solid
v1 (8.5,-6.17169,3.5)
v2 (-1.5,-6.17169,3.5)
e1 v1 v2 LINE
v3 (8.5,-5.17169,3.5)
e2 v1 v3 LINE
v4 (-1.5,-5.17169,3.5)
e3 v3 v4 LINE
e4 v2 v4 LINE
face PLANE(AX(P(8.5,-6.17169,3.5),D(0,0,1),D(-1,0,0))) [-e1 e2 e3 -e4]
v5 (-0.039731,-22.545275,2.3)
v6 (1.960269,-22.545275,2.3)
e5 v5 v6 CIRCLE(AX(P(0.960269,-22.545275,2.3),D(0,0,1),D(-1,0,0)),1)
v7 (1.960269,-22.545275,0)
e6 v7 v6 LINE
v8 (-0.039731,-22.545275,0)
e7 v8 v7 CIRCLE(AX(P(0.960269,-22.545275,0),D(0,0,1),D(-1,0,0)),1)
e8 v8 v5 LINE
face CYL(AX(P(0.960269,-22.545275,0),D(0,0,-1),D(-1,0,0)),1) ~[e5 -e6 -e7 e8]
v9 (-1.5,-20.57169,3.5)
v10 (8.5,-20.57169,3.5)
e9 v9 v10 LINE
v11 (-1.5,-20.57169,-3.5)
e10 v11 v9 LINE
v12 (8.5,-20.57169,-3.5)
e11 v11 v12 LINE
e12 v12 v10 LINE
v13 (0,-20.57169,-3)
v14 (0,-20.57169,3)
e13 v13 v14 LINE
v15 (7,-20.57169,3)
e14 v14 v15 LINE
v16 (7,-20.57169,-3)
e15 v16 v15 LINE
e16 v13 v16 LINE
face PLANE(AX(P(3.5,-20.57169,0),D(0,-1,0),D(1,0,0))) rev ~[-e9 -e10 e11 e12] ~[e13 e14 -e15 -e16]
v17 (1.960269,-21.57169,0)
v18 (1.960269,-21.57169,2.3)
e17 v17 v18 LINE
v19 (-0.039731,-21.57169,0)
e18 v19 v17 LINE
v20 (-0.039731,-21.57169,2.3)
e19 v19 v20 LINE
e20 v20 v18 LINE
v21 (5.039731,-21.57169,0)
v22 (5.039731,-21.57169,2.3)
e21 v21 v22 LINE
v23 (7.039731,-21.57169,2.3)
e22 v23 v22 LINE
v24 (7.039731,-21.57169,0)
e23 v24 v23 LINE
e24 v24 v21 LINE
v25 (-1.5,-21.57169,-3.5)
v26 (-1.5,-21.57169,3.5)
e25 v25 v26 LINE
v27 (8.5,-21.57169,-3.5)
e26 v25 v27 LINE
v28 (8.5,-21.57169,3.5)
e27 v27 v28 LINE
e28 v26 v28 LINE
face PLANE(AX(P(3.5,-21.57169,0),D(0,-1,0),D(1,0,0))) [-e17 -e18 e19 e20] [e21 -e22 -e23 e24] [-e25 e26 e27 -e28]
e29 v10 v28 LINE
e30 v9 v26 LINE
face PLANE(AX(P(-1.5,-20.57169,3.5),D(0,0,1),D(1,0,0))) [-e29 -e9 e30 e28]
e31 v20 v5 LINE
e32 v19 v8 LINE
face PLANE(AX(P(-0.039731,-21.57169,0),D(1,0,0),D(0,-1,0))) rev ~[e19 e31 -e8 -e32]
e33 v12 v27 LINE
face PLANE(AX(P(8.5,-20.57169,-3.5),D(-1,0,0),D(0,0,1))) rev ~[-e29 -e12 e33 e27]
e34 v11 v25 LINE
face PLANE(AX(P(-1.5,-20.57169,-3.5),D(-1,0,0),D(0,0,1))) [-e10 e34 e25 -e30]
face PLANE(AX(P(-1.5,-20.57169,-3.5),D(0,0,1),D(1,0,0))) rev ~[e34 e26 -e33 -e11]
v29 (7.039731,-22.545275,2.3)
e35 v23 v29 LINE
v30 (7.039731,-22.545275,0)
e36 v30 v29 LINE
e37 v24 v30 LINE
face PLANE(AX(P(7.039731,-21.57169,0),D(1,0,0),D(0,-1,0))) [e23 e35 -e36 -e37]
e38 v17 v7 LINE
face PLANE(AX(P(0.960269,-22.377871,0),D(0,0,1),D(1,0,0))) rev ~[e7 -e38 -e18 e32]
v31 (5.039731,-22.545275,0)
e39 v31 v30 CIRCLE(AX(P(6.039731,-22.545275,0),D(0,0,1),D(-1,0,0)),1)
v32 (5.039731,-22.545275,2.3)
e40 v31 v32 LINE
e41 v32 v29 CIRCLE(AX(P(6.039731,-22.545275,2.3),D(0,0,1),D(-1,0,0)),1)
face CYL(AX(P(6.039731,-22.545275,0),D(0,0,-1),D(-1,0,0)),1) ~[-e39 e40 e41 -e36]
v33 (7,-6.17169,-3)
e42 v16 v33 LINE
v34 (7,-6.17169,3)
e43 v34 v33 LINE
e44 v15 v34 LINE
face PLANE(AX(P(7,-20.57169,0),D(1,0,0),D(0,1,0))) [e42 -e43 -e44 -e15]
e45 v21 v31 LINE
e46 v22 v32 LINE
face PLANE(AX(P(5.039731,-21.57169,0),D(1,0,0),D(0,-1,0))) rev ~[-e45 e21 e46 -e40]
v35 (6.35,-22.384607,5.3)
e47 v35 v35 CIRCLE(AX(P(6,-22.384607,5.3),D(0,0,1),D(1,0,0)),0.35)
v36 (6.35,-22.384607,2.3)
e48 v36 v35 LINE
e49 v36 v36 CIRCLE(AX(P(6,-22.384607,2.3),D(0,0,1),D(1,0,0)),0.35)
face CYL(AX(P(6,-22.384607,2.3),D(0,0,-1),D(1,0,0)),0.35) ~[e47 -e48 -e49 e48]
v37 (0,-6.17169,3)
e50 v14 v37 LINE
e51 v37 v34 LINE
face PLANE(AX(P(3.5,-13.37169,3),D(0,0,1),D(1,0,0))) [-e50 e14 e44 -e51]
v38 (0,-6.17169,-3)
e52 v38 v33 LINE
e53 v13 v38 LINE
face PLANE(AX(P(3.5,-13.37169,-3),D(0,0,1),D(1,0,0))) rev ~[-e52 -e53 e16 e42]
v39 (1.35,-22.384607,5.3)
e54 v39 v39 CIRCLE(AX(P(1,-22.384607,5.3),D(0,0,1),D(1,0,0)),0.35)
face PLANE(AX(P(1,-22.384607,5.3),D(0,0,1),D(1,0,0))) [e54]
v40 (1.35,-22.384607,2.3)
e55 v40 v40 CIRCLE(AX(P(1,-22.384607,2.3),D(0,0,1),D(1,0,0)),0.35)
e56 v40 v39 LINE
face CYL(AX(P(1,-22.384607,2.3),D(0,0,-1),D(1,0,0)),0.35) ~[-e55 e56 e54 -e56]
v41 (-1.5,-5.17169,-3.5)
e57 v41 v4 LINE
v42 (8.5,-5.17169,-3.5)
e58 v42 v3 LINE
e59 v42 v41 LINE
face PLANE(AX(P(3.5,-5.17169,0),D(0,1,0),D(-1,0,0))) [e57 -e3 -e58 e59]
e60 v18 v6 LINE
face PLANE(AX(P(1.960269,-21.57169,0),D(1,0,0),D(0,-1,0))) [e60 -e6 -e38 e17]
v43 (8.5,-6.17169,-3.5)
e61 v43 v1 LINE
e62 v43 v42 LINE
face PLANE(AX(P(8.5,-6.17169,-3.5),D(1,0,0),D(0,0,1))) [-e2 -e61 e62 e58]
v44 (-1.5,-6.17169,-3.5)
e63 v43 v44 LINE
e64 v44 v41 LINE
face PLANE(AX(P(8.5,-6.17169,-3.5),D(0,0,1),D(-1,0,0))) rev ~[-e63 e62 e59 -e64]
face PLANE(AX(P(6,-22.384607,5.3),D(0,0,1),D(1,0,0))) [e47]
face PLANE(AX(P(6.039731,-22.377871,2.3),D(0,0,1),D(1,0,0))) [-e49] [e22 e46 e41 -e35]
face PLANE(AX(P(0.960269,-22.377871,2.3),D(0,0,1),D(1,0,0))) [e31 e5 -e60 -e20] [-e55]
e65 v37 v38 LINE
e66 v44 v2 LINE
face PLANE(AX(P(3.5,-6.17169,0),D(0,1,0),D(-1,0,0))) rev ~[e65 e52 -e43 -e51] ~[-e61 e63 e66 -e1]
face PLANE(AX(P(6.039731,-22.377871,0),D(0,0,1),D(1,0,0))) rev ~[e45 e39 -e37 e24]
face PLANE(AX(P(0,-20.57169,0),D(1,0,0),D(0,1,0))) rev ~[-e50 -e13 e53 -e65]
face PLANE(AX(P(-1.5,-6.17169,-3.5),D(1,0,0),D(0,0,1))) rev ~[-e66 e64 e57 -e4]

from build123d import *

# Parameters (mm, degrees)
SKETCH250_W  = 7
SKETCH250_H  = 14.4
PAD172_DEPTH = 3
SKETCH256_W  = 10
SKETCH256_H  = 7
PAD182_DEPTH = 1
SKETCH253_W  = 10
SKETCH253_H  = 7
PAD175_DEPTH = 1
PAD171_DEPTH = 2.3
SKETCH251_R  = 0.35
PAD183_DEPTH = 3


with BuildPart() as part:
    # Sketch250 → Pad172 (new body, symmetric)
    with BuildSketch(Plane.XY):
        with Locations((0, -0.37169)):
            Rectangle(SKETCH250_W, SKETCH250_H)
    extrude(amount=PAD172_DEPTH, both=True)

    # Sketch256 (on Face3 of Pad172) → Pad182 (join)
    with BuildSketch(Plane.XZ.offset(7.57169)):
        Rectangle(SKETCH256_W, SKETCH256_H)
    extrude(amount=PAD182_DEPTH)

    # Sketch253 (on Face11 of Pad182) → Pad175 (join)
    with BuildSketch(Plane(origin=(0, 6.82831, 0), x_dir=(-1, 0, 0), z_dir=(0, 1, 0))):
        Rectangle(SKETCH253_W, SKETCH253_H)
    extrude(amount=PAD175_DEPTH)

    # Sketch260 → Pad171 (join)
    with BuildSketch(Plane.XY):
        with BuildLine():
            ThreePointArc((-3.539731, -9.545275), (-2.539731, -10.545275), (-1.539731, -9.545275))
            Line((-1.539731, -8.57169), (-1.539731, -9.545275))
            Line((-3.539731, -8.57169), (-1.539731, -8.57169))
            Line((-3.539731, -8.57169), (-3.539731, -9.545275))
        make_face()
        with BuildLine():
            ThreePointArc((1.539731, -9.545275), (2.539731, -10.545275), (3.539731, -9.545275))
            Line((3.539731, -8.57169), (3.539731, -9.545275))
            Line((3.539731, -8.57169), (1.539731, -8.57169))
            Line((1.539731, -8.57169), (1.539731, -9.545275))
        make_face()
    extrude(amount=PAD171_DEPTH)

    # Sketch251 (on Face19 of Pad171) → Pad183 (join)
    with BuildSketch(Plane.XY.offset(2.3)):
        with Locations((-2.5, -9.384607)):
            Circle(SKETCH251_R)
        with Locations((2.5, -9.384607)):
            Circle(SKETCH251_R)
    extrude(amount=PAD183_DEPTH)


with BuildPart() as part_1:
    # Body052 placement: moved
    add(part.part.moved(Location((3.5, -13, 0))))


solid = part_1.part
